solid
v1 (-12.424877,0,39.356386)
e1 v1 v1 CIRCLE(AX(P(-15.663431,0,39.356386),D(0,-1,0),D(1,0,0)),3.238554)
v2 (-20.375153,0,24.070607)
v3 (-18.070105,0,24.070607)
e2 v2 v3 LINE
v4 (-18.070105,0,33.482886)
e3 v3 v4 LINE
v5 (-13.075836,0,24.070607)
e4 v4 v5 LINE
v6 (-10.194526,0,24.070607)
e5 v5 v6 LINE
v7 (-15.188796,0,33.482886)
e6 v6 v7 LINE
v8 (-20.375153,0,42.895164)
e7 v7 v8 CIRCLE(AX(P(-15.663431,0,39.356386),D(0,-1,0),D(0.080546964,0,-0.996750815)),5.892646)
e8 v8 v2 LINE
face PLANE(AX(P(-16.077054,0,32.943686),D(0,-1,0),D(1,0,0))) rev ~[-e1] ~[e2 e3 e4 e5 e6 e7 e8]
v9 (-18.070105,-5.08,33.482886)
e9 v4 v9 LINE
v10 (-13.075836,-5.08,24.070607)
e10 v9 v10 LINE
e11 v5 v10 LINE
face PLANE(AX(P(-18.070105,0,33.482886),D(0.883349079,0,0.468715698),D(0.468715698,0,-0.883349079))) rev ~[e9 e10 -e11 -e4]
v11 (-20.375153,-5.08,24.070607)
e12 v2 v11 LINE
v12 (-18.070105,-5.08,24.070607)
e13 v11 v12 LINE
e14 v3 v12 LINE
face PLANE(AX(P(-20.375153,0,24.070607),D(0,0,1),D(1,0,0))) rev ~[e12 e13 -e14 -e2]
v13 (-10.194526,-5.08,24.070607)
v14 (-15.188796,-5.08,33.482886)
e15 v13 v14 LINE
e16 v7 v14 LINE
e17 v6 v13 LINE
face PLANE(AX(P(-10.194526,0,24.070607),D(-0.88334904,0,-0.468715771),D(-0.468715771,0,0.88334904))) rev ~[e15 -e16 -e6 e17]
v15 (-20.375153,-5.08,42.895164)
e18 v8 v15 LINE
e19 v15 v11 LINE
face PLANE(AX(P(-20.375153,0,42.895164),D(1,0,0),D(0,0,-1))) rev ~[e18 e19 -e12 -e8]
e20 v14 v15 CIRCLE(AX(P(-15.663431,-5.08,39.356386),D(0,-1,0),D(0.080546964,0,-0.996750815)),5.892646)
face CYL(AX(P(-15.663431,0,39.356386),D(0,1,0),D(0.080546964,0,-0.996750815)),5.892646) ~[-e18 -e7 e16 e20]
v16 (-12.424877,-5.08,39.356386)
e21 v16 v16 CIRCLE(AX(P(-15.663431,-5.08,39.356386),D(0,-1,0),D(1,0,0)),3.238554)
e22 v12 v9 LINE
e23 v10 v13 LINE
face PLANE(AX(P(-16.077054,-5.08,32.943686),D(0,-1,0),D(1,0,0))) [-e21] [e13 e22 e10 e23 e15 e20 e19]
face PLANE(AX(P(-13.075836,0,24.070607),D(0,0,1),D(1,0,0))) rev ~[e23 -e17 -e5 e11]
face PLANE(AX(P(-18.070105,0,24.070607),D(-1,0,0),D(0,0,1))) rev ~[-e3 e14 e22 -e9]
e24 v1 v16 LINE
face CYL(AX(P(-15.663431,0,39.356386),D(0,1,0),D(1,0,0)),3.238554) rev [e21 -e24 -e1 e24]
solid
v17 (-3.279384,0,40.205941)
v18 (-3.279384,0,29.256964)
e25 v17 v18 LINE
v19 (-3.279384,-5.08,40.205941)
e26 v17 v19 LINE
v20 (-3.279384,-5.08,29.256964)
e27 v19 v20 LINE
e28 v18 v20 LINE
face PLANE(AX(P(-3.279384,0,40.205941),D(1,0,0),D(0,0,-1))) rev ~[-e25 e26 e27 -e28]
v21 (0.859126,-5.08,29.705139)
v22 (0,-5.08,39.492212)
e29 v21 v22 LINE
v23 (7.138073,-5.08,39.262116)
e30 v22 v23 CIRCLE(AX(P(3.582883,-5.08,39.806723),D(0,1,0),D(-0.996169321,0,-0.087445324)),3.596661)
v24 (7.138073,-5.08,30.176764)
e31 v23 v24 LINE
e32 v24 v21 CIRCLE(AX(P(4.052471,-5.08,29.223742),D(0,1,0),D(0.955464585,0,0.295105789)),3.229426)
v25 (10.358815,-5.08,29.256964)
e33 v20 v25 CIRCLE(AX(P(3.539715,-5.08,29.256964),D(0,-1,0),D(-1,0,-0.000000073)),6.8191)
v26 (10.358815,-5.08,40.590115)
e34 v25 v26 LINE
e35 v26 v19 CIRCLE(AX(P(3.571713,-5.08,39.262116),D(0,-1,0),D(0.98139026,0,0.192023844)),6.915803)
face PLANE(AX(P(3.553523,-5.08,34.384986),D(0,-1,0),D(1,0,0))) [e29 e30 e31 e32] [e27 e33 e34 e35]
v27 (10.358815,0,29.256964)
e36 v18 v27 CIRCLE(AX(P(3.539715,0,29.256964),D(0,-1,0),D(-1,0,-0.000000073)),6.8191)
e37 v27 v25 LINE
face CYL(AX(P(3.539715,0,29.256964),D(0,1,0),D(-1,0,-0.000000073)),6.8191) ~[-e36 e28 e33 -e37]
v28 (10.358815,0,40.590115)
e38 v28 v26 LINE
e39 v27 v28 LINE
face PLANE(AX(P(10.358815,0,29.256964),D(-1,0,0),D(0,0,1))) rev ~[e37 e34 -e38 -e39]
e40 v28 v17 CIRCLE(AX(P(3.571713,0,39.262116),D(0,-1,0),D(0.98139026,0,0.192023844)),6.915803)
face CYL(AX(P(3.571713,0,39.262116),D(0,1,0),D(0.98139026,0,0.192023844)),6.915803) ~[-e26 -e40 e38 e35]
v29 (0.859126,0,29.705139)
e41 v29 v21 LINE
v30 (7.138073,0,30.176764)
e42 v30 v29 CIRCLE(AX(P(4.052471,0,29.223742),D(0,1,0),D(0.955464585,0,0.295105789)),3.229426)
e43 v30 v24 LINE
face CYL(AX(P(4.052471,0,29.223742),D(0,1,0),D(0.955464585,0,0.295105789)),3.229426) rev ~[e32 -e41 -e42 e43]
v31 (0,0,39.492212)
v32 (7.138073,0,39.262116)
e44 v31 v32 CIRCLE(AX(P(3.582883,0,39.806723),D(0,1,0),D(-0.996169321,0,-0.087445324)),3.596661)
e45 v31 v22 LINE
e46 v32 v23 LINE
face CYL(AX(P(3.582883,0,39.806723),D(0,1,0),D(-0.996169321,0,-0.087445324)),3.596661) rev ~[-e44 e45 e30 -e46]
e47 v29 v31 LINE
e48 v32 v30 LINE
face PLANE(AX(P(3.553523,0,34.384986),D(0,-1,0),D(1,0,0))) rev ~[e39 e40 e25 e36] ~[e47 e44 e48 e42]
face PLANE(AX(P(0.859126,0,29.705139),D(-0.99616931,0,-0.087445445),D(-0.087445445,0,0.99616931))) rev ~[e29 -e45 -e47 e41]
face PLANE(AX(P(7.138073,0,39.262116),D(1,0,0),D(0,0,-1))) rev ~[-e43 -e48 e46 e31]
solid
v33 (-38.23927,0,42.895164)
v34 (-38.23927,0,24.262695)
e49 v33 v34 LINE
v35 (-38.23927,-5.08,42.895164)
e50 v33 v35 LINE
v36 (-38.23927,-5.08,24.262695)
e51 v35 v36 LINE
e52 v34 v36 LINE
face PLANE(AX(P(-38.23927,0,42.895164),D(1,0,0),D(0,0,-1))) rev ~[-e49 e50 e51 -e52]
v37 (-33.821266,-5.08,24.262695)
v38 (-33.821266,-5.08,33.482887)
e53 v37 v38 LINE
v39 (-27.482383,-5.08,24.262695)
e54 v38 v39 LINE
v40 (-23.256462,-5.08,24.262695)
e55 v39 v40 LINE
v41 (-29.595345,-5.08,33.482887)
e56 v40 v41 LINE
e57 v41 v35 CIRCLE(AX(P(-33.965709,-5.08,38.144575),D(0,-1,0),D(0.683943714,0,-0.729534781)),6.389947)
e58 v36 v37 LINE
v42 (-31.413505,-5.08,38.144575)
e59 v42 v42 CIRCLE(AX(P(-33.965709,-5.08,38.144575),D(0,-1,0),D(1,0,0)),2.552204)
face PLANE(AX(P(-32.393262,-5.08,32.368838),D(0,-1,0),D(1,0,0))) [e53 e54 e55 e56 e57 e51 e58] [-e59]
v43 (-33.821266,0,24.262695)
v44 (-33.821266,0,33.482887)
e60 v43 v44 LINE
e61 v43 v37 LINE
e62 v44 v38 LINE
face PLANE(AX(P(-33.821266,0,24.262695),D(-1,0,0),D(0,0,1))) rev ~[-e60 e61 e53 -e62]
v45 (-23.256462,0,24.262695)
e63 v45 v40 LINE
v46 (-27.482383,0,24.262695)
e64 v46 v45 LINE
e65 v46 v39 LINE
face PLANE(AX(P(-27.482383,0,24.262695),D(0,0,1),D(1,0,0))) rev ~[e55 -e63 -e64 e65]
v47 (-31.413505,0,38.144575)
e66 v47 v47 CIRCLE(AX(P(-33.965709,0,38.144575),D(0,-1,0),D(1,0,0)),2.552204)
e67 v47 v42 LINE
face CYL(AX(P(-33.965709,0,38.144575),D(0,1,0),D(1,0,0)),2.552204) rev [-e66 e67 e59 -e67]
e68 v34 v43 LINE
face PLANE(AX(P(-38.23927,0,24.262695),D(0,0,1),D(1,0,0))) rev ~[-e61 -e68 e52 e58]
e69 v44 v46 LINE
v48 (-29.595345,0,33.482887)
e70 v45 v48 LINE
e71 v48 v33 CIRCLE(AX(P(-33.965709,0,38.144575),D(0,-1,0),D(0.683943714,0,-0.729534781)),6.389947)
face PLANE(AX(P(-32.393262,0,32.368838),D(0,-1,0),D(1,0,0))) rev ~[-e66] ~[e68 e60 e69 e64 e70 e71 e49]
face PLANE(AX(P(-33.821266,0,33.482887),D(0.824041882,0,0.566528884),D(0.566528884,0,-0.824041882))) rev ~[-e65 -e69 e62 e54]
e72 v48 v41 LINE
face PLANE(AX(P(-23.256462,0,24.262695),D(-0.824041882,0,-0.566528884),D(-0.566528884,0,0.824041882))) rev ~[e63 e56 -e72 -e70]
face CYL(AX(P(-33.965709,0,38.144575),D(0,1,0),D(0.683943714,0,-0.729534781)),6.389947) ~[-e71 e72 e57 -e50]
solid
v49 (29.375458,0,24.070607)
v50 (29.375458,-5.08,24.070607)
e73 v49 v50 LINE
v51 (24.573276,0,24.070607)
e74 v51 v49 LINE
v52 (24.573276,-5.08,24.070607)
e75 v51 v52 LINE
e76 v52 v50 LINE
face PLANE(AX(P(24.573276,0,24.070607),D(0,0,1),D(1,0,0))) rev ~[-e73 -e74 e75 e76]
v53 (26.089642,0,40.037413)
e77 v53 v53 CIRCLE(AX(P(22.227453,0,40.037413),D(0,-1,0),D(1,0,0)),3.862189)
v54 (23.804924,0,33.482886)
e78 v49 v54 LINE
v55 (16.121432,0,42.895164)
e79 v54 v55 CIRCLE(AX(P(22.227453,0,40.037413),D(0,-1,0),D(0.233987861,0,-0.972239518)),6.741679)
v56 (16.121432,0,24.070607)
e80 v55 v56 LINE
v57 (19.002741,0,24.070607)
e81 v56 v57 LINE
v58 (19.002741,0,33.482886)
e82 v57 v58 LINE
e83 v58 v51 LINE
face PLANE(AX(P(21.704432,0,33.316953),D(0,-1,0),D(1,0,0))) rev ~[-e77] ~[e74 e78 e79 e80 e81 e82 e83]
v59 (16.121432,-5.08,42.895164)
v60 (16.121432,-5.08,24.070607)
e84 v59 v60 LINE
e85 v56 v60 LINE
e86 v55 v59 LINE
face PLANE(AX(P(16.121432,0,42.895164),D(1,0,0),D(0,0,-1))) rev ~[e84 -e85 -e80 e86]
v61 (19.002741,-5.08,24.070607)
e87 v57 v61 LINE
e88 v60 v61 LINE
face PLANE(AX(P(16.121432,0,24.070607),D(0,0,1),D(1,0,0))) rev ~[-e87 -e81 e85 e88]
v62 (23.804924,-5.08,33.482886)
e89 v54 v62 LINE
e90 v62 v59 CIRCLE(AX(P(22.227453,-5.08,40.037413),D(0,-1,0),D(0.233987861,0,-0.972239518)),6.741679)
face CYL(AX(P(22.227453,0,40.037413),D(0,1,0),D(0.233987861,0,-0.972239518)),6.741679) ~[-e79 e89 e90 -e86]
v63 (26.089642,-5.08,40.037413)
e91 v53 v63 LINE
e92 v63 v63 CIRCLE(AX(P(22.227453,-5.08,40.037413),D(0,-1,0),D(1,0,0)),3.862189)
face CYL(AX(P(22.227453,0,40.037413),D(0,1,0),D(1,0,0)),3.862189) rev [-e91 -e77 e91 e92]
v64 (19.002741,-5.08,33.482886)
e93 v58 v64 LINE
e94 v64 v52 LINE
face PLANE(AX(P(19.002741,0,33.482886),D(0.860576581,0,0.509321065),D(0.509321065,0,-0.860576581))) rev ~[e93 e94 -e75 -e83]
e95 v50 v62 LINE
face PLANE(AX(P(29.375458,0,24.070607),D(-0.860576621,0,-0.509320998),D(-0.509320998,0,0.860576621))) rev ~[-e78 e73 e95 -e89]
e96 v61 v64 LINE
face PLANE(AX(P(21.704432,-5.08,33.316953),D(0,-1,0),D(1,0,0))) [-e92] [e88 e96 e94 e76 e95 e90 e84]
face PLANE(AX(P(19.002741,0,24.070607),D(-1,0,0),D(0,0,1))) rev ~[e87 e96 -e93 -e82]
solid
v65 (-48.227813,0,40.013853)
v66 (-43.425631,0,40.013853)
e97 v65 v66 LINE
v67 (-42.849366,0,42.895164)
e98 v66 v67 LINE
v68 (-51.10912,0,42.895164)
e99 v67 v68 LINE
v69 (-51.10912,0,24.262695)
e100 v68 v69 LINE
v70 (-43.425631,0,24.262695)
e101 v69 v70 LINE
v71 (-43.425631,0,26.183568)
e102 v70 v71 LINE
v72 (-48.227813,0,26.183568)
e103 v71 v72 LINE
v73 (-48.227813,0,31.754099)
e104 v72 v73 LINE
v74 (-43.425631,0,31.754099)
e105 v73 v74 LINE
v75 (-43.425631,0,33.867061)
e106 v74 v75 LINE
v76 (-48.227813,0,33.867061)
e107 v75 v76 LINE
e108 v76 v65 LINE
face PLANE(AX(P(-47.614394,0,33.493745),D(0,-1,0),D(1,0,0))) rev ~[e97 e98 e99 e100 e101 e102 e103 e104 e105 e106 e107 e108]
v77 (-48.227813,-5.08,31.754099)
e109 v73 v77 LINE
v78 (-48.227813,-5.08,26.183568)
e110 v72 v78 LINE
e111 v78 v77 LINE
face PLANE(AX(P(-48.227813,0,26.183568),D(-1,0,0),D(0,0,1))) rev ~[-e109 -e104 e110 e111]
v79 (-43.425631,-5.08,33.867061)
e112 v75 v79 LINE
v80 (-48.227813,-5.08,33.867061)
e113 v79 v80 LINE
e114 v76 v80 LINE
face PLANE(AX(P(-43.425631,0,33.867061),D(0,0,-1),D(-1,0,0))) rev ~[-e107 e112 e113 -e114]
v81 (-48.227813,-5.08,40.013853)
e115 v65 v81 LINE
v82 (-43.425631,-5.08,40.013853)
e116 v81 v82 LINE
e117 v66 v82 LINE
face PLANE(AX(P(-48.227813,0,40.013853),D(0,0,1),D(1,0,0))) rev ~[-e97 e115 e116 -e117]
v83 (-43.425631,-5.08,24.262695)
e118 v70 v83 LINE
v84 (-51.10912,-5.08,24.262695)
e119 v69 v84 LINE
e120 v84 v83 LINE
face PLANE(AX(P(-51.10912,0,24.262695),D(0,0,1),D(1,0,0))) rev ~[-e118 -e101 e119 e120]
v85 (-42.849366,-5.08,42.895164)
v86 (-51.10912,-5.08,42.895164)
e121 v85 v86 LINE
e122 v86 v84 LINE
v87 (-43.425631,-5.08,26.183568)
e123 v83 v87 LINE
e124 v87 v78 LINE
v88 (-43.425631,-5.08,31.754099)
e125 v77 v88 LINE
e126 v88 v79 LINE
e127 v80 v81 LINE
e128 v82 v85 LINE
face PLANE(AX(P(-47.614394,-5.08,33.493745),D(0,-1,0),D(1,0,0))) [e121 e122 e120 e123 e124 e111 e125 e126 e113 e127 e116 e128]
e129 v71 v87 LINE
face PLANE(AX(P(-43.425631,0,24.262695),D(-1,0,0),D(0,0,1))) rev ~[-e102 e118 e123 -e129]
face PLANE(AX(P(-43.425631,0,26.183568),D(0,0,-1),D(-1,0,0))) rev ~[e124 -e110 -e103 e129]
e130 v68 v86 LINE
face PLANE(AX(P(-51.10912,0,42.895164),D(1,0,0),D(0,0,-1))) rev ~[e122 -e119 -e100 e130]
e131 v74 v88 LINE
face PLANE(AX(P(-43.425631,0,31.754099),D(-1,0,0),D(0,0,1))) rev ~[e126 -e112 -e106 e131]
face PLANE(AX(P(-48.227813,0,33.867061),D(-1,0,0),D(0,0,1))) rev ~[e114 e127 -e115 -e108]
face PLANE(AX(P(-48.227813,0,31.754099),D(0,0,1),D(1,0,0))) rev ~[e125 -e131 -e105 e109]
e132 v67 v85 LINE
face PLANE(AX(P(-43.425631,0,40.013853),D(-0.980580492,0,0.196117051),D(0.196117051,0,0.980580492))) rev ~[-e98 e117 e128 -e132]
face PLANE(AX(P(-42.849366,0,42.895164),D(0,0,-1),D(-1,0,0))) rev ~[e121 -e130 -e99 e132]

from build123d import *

# Parameters (mm, degrees)
F0_R     = 2.552204
F0_R_2   = 3.238554
F0_R_3   = 3.862189
F1_DEPTH = 5.08


with BuildPart() as f1:
    # F0 (on Front) → F1 (new body)
    with BuildSketch(Plane.XZ):
        Polygon((-43.425631, 40.013853), (-42.849366, 42.895164), (-51.10912, 42.895164), (-51.10912, 33.2908), (-51.10912, 24.262695), (-43.425631, 24.262695), (-43.425631, 26.183568), (-48.227813, 26.183568), (-48.227813, 31.754099), (-43.425631, 31.754099), (-43.425631, 33.867061), (-48.227813, 33.867061), (-48.227813, 40.013853), align=None)
        with BuildLine():
            Line((-38.23927, 42.895164), (-38.23927, 24.262695))
            Line((-38.23927, 24.262695), (-33.821266, 24.262695))
            Line((-33.821266, 24.262695), (-33.821266, 33.482887))
            Line((-33.821266, 33.482887), (-27.482383, 24.262695))
            Line((-27.482383, 24.262695), (-23.256462, 24.262695))
            Line((-23.256462, 24.262695), (-29.595345, 33.482887))
            ThreePointArc((-29.595345, 33.482887), (-29.259322, 42.466767), (-38.23927, 42.895164))
        make_face()
        with Locations((-33.965709, 38.144575)):
            Circle(F0_R, mode=Mode.SUBTRACT)
        with BuildLine():
            Line((-20.375153, 42.895164), (-20.375153, 24.070607))
            Line((-20.375153, 24.070607), (-18.070105, 24.070607))
            Line((-18.070105, 24.070607), (-18.070105, 33.482886))
            Line((-18.070105, 33.482886), (-13.075836, 24.070607))
            Line((-13.075836, 24.070607), (-10.194526, 24.070607))
            Line((-10.194526, 24.070607), (-15.188796, 33.482886))
            ThreePointArc((-15.188796, 33.482886), (-10.502426, 42.200205), (-20.375153, 42.895164))
        make_face()
        with Locations((-15.663431, 39.356386)):
            Circle(F0_R_2, mode=Mode.SUBTRACT)
        with BuildLine():
            Line((10.358815, 29.256964), (10.358815, 40.590115))
            ThreePointArc((10.358815, 40.590115), (3.376979, 46.175177), (-3.279384, 40.205941))
            Line((-3.279384, 40.205941), (-3.279384, 29.256964))
            ThreePointArc((-3.279384, 29.256964), (3.539716, 22.437865), (10.358815, 29.256964))
        make_face()
        with BuildLine():
            ThreePointArc((0, 39.492212), (3.698762, 43.401517), (7.138073, 39.262116))
            Line((7.138073, 39.262116), (7.138073, 30.176764))
            ThreePointArc((7.138073, 30.176764), (4.294358, 26.003387), (0.859126, 29.705139))
            Line((0.859126, 29.705139), (0, 39.492212))
        make_face(mode=Mode.SUBTRACT)
        with BuildLine():
            Line((16.121432, 42.895164), (16.121432, 24.070607))
            Line((16.121432, 24.070607), (19.002741, 24.070607))
            Line((19.002741, 24.070607), (19.002741, 33.482886))
            Line((19.002741, 33.482886), (24.573276, 24.070607))
            Line((24.573276, 24.070607), (29.375458, 24.070607))
            Line((29.375458, 24.070607), (23.804924, 33.482886))
            ThreePointArc((23.804924, 33.482886), (27.44997, 44.300692), (16.121432, 42.895164))
        make_face()
        with Locations((22.227453, 40.037413)):
            Circle(F0_R_3, mode=Mode.SUBTRACT)
    extrude(amount=F1_DEPTH)


solid = f1.part
